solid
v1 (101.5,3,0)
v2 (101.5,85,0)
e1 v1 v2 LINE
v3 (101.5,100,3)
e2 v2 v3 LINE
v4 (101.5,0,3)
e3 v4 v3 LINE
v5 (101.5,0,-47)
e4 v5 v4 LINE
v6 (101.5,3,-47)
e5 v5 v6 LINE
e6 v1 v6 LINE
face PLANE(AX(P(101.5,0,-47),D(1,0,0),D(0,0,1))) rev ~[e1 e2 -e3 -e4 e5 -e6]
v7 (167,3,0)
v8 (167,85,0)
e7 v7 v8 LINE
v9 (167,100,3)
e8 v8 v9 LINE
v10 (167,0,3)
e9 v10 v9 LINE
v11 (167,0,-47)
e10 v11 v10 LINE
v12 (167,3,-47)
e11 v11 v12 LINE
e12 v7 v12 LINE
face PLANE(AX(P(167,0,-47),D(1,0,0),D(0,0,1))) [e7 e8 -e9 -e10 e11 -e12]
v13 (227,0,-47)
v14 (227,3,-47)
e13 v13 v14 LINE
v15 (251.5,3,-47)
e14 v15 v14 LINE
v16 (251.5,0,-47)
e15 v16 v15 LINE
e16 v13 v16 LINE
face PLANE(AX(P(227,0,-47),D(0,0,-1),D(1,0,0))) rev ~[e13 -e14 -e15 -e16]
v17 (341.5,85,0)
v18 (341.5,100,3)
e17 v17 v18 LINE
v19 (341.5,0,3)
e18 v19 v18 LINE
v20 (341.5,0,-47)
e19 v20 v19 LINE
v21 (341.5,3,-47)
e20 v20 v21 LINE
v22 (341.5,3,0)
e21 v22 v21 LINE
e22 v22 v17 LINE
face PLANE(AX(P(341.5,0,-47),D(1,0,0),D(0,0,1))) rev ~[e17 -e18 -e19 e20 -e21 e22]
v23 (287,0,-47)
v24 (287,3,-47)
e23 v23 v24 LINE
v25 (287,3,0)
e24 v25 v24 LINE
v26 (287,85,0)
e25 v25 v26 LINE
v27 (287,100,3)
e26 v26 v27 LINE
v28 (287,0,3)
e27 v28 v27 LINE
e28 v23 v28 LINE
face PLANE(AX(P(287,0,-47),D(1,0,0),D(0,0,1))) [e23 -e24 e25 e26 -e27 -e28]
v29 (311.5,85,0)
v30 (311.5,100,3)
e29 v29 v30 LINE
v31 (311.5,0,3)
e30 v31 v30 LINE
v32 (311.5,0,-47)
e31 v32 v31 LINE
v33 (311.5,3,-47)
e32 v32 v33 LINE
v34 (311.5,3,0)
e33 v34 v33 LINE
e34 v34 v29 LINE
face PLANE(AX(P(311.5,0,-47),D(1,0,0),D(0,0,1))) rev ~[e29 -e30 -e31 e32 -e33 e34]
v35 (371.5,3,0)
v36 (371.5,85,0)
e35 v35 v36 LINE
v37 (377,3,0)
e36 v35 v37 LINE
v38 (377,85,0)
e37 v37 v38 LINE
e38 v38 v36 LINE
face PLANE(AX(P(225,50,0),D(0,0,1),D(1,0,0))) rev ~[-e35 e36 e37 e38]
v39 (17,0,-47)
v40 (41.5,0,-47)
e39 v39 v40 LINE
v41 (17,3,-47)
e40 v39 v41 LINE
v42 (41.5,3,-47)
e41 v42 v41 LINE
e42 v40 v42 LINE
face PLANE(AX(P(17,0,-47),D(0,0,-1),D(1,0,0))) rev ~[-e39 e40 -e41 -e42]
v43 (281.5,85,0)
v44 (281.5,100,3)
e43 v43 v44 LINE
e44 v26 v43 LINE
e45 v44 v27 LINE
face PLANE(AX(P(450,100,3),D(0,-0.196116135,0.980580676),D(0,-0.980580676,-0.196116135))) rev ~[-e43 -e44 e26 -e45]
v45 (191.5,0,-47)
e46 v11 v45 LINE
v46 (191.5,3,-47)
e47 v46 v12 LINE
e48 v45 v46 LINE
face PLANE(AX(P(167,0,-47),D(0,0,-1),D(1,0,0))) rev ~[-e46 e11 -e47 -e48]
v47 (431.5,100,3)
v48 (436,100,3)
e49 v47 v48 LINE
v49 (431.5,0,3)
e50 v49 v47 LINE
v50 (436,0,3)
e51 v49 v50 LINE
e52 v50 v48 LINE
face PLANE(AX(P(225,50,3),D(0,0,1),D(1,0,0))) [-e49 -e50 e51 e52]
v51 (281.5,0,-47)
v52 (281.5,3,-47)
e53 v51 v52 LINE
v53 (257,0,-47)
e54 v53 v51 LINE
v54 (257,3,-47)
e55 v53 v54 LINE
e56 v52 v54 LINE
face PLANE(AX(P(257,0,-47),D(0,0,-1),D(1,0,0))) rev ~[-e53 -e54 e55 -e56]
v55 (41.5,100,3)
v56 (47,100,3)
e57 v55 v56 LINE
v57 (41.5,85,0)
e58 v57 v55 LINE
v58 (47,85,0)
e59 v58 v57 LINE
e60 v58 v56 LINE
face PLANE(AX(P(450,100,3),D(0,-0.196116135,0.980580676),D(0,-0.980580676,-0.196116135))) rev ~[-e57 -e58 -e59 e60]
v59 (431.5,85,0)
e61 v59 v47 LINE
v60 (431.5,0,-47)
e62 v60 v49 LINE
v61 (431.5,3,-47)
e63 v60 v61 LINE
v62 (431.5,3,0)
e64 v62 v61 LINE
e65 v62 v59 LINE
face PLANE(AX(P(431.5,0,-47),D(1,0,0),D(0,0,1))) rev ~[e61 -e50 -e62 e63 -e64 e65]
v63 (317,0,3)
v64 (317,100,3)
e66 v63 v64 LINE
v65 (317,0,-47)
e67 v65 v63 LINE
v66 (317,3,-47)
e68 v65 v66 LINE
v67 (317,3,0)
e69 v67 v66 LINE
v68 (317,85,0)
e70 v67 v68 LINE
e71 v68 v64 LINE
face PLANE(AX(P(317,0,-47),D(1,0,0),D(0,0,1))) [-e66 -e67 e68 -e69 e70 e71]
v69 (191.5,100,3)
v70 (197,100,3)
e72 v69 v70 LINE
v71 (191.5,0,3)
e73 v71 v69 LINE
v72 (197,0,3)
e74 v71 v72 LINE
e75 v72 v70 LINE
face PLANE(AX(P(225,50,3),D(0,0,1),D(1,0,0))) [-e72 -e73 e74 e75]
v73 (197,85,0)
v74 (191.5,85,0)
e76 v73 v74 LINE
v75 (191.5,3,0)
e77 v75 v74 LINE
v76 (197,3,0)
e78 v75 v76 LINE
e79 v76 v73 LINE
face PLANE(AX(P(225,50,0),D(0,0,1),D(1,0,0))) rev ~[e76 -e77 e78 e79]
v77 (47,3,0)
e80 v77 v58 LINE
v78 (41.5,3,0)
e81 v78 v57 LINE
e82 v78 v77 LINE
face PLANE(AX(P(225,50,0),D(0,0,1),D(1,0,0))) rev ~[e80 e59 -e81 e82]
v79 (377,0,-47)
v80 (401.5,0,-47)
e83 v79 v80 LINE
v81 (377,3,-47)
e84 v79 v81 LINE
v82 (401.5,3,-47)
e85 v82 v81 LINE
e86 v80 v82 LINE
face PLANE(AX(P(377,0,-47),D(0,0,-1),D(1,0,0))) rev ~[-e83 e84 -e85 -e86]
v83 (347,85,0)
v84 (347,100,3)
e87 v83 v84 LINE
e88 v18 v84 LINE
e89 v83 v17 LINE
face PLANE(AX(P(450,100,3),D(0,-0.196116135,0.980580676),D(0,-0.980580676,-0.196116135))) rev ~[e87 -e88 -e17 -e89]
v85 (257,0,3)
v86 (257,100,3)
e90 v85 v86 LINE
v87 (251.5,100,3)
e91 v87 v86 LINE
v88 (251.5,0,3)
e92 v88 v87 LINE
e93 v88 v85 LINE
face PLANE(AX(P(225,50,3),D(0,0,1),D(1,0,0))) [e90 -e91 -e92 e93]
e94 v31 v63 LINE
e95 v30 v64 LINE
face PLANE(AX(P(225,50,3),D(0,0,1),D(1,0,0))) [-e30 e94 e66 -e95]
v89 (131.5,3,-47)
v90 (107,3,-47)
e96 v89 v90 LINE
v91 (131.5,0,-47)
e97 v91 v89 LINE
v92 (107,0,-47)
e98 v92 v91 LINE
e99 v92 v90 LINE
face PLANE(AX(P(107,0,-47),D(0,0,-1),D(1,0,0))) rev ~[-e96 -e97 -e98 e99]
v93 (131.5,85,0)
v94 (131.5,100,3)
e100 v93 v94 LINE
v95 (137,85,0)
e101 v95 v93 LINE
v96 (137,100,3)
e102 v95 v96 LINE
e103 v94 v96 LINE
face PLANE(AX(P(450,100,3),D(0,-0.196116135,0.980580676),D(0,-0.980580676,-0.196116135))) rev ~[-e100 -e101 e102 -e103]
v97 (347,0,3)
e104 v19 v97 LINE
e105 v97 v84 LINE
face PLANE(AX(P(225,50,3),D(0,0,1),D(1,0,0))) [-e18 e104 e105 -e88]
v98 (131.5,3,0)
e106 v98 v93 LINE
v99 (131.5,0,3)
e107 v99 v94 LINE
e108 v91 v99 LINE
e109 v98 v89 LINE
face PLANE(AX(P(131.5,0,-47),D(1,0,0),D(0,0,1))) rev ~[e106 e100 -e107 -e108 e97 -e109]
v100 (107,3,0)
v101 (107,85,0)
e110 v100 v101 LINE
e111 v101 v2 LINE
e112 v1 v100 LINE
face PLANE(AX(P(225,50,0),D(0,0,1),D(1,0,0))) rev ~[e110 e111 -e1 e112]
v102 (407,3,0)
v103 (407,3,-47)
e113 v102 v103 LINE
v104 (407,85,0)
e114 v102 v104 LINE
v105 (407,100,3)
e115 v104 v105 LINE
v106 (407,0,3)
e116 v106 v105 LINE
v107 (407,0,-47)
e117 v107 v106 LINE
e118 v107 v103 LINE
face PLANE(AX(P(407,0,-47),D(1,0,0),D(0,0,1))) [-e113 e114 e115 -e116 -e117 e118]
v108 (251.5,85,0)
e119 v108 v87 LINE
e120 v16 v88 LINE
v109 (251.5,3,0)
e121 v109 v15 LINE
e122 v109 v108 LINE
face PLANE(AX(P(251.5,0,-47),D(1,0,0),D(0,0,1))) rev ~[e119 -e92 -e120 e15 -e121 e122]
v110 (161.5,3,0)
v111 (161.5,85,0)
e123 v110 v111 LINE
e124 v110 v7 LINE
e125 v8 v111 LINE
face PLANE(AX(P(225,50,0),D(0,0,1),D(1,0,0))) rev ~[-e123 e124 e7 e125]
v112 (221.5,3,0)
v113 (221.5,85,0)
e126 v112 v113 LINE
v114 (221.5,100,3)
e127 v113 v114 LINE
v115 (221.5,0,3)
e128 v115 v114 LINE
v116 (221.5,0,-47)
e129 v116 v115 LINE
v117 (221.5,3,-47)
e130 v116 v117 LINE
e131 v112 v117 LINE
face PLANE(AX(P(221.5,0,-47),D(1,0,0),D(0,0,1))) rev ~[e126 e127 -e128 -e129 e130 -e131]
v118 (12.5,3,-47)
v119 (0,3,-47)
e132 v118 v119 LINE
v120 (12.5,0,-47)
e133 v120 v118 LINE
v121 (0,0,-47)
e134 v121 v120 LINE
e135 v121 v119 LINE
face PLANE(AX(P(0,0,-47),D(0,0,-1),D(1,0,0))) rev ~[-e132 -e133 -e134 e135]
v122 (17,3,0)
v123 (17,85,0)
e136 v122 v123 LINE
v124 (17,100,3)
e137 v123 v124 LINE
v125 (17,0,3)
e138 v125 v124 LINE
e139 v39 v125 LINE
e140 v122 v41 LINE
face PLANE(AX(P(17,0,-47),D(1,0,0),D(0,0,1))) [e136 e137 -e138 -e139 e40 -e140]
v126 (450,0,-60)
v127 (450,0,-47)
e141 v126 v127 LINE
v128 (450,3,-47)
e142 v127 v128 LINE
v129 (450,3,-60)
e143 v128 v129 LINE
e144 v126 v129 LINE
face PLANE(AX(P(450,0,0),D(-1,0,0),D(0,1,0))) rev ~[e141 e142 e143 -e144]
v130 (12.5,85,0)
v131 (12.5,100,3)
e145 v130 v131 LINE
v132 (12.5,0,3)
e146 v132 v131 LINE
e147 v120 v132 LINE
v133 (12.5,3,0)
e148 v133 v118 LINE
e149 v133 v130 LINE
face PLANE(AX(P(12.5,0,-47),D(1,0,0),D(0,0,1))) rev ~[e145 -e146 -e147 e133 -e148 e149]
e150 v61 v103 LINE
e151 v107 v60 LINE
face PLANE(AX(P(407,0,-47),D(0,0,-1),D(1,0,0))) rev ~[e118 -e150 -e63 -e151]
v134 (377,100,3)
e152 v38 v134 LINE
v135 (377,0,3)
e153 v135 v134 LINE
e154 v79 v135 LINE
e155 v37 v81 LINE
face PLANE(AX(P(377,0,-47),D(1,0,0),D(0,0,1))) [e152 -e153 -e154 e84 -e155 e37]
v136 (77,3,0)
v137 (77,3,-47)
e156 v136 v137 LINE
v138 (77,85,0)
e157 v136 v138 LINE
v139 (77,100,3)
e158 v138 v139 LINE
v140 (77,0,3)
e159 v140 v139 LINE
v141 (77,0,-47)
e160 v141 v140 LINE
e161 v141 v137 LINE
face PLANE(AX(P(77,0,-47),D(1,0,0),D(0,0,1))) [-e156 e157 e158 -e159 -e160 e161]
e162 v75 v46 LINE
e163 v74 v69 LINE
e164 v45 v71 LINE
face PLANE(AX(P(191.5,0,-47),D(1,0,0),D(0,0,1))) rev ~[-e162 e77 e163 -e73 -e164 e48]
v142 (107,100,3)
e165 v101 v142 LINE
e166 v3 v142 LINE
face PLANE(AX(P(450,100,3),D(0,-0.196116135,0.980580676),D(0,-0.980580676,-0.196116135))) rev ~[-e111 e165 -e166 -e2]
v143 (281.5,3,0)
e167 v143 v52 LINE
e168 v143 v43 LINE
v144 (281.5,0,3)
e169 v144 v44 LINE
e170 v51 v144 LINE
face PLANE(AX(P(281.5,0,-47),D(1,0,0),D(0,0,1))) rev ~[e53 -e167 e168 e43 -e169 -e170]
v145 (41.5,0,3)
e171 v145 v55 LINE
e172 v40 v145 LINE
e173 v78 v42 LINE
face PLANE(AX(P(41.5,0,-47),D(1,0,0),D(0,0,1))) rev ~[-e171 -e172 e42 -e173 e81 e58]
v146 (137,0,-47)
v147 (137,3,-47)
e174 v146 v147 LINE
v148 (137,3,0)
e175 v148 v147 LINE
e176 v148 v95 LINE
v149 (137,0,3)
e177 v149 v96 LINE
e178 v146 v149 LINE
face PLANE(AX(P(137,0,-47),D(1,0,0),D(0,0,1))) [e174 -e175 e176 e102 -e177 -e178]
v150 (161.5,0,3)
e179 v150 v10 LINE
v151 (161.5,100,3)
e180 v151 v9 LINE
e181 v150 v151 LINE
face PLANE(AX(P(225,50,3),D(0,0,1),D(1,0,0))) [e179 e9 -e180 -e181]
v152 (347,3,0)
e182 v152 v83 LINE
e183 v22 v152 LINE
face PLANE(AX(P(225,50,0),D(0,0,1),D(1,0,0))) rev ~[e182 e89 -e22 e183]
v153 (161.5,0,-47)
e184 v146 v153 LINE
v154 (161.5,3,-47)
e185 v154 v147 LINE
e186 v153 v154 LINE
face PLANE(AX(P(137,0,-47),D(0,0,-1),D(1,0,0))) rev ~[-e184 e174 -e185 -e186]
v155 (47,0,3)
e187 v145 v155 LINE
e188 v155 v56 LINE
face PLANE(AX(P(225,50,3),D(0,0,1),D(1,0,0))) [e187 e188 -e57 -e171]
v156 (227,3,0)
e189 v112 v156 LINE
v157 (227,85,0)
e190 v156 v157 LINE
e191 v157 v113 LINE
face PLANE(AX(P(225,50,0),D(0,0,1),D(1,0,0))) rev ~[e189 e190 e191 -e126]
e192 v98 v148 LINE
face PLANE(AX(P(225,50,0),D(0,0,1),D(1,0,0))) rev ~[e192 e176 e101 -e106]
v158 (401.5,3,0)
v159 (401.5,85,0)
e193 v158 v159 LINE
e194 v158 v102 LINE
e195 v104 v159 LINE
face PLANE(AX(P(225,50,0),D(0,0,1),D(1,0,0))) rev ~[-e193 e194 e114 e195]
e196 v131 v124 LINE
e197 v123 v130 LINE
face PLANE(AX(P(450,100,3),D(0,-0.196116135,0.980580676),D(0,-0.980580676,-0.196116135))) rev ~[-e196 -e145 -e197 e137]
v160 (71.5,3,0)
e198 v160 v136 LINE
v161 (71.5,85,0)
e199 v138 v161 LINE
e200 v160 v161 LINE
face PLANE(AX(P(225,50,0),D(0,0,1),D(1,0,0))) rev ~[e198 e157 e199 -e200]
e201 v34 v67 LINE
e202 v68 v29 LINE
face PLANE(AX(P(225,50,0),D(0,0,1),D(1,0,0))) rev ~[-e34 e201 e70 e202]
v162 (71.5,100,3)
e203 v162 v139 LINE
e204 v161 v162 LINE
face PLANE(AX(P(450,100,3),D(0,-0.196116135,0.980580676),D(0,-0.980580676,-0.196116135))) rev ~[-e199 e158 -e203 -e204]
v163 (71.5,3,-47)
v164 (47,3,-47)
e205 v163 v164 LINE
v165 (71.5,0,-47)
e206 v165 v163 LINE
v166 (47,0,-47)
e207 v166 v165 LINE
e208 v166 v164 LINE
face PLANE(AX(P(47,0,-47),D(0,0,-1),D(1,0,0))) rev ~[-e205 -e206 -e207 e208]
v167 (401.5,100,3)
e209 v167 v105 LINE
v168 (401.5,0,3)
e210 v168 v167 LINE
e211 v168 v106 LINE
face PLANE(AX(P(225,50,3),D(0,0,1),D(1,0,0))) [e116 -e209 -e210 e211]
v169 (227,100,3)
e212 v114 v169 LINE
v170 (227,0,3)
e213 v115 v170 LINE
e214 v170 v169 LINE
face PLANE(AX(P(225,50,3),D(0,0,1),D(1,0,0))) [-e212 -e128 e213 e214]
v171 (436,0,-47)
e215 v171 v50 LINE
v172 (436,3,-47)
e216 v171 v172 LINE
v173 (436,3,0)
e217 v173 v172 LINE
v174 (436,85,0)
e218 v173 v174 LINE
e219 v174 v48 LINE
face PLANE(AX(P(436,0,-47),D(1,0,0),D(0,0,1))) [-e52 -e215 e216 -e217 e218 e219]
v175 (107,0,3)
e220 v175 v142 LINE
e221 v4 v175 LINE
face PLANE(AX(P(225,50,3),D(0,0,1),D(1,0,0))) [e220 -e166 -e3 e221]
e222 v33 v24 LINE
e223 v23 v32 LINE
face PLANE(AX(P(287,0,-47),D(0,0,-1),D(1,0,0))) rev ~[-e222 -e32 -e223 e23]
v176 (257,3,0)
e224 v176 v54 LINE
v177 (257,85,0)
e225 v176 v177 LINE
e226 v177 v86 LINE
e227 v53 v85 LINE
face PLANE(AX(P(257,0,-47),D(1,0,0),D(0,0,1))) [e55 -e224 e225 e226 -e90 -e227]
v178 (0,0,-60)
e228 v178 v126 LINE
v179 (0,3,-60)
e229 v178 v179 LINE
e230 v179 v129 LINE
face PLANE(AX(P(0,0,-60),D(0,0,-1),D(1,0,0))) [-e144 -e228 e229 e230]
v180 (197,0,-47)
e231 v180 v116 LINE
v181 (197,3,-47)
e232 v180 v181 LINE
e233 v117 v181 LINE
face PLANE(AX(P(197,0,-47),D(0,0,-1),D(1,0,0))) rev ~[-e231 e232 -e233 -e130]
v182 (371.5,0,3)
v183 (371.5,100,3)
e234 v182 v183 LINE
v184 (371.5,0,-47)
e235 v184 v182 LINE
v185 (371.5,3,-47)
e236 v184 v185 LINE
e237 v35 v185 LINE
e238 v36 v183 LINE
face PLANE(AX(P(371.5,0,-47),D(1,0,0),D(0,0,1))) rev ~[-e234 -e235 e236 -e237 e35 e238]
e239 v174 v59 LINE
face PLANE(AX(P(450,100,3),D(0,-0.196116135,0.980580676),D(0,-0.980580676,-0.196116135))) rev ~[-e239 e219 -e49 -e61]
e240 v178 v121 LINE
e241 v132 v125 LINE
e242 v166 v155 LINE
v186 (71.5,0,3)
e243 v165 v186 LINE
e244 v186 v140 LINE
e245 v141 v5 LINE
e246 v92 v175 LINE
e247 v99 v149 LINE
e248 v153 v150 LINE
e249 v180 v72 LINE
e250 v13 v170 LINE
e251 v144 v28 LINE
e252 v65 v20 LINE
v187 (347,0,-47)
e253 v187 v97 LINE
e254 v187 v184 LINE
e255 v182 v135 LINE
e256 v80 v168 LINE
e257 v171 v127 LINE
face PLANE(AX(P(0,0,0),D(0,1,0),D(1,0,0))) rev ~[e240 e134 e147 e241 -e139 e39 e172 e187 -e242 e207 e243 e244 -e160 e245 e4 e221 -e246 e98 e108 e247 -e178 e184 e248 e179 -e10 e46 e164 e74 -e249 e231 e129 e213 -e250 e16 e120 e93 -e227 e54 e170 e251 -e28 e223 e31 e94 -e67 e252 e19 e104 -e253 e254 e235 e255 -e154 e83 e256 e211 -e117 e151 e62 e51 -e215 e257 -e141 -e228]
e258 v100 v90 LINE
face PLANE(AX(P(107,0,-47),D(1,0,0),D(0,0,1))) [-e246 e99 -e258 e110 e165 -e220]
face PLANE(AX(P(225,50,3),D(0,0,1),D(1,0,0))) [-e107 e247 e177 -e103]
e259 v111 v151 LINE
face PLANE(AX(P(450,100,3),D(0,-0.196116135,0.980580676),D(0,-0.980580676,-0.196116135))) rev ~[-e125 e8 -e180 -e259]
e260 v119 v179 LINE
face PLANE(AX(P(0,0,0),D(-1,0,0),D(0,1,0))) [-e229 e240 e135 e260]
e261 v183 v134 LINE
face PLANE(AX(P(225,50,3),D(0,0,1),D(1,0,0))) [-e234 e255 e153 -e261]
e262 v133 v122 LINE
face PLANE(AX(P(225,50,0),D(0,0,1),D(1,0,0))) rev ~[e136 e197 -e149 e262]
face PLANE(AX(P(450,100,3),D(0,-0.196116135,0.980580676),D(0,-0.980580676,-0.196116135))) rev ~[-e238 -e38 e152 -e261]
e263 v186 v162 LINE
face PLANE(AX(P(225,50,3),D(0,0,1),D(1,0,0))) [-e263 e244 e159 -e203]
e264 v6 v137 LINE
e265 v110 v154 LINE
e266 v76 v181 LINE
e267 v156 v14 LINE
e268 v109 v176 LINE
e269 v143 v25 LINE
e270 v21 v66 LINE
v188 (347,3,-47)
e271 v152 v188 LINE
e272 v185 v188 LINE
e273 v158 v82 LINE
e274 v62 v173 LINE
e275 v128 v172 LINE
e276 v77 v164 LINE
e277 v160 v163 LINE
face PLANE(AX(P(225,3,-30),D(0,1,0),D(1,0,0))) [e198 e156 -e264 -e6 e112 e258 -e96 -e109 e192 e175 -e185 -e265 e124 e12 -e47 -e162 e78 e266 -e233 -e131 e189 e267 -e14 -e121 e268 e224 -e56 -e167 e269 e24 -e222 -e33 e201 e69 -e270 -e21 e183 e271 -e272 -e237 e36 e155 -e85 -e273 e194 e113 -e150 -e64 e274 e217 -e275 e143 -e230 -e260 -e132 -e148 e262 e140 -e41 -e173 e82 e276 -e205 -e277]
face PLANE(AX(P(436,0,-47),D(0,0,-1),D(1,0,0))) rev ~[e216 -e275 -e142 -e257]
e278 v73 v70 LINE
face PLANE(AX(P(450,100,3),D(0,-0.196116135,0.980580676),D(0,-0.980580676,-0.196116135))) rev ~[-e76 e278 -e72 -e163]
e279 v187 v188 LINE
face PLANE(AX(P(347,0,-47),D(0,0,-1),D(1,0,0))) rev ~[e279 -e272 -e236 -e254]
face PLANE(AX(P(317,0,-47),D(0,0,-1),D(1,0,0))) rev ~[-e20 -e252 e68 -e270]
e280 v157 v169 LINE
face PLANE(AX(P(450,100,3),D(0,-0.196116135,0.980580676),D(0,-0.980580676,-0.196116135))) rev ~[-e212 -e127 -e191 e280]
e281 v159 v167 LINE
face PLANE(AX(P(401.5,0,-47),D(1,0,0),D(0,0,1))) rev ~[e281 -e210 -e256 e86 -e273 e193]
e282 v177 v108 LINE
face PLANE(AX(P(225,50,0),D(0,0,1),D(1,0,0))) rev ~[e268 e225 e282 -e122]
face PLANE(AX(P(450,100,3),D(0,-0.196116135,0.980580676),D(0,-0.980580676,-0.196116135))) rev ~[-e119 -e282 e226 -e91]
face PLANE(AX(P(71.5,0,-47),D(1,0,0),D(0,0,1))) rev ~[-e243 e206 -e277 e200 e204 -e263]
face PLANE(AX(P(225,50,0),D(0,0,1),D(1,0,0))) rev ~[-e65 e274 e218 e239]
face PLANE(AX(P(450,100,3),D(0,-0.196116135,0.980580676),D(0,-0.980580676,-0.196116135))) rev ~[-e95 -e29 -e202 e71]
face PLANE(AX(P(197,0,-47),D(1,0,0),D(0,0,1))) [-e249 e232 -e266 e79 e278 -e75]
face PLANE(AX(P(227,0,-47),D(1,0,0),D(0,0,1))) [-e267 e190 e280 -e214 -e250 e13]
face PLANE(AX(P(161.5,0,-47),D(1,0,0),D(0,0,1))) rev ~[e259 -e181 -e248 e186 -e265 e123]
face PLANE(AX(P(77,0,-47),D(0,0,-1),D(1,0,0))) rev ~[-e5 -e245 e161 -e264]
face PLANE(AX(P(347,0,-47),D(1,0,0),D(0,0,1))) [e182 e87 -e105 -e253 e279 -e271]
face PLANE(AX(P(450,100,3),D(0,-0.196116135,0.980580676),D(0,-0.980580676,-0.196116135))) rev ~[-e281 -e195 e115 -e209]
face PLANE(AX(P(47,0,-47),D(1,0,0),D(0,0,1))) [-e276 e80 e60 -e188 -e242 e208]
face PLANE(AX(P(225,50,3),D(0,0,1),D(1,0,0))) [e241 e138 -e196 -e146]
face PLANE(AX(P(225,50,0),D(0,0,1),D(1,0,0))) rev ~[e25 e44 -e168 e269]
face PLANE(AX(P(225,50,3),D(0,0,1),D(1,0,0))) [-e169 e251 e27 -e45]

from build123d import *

# Parameters (mm, degrees)
SKETCH_1_W          = 450
SKETCH_1_H          = 60
EXTRUDE_1_DEPTH     = 3
SKETCH_2_W          = 450
SKETCH_2_H          = 100
EXTRUDE_2_DEPTH     = 3
CUT_EXTRUDE_2_DEPTH = 465.865571967
SKETCH_3_W          = 14
SKETCH_3_H          = 50
SKETCH_3_W_2        = 24.5
SKETCH_3_W_3        = 12.5
CUT_EXTRUDE_3_DEPTH = 465.865571967


with BuildPart() as part:
    # 草图1 → 凸台-拉伸1 (new body)
    with BuildSketch(Plane(origin=(0, 0, 0), x_dir=(1, 0, 0), z_dir=(0, 1, 0))):
        with Locations((225, 30)):
            Rectangle(SKETCH_1_W, SKETCH_1_H)
    extrude(amount=EXTRUDE_1_DEPTH)

    # 草图2 → 凸台-拉伸2 (add)
    with BuildSketch(Plane.XY):
        with Locations((225, 50)):
            Rectangle(SKETCH_2_W, SKETCH_2_H)
    extrude(amount=EXTRUDE_2_DEPTH)

    # 草图6 → 切除-拉伸2 (cut, through all)
    with BuildSketch(Plane(origin=(450, 0, 0), x_dir=(0, 0, -1), z_dir=(1, 0, 0))):
        Polygon((-3, 100), (0, 85), (0, 100), align=None)
    extrude(amount=-CUT_EXTRUDE_2_DEPTH, mode=Mode.SUBTRACT)

    # 草图3 → 切除-拉伸3 (cut, through all)
    with BuildSketch(Plane.XZ):
        with Locations((443, -22)):
            Rectangle(SKETCH_3_W, SKETCH_3_H)
        with Locations((419.25, -22)):
            Rectangle(SKETCH_3_W_2, SKETCH_3_H)
        with Locations((389.25, -22)):
            Rectangle(SKETCH_3_W_2, SKETCH_3_H)
        with Locations((359.25, -22)):
            Rectangle(SKETCH_3_W_2, SKETCH_3_H)
        with Locations((329.25, -22)):
            Rectangle(SKETCH_3_W_2, SKETCH_3_H)
        with Locations((299.25, -22)):
            Rectangle(SKETCH_3_W_2, SKETCH_3_H)
        with Locations((269.25, -22)):
            Rectangle(SKETCH_3_W_2, SKETCH_3_H)
        with Locations((239.25, -22)):
            Rectangle(SKETCH_3_W_2, SKETCH_3_H)
        with Locations((209.25, -22)):
            Rectangle(SKETCH_3_W_2, SKETCH_3_H)
        with Locations((179.25, -22)):
            Rectangle(SKETCH_3_W_2, SKETCH_3_H)
        with Locations((149.25, -22)):
            Rectangle(SKETCH_3_W_2, SKETCH_3_H)
        with Locations((119.25, -22)):
            Rectangle(SKETCH_3_W_2, SKETCH_3_H)
        with Locations((89.25, -22)):
            Rectangle(SKETCH_3_W_2, SKETCH_3_H)
        with Locations((59.25, -22)):
            Rectangle(SKETCH_3_W_2, SKETCH_3_H)
        with Locations((29.25, -22)):
            Rectangle(SKETCH_3_W_2, SKETCH_3_H)
        with Locations((6.25, -22)):
            Rectangle(SKETCH_3_W_3, SKETCH_3_H)
    extrude(amount=-CUT_EXTRUDE_3_DEPTH, mode=Mode.SUBTRACT)


solid = part.part
